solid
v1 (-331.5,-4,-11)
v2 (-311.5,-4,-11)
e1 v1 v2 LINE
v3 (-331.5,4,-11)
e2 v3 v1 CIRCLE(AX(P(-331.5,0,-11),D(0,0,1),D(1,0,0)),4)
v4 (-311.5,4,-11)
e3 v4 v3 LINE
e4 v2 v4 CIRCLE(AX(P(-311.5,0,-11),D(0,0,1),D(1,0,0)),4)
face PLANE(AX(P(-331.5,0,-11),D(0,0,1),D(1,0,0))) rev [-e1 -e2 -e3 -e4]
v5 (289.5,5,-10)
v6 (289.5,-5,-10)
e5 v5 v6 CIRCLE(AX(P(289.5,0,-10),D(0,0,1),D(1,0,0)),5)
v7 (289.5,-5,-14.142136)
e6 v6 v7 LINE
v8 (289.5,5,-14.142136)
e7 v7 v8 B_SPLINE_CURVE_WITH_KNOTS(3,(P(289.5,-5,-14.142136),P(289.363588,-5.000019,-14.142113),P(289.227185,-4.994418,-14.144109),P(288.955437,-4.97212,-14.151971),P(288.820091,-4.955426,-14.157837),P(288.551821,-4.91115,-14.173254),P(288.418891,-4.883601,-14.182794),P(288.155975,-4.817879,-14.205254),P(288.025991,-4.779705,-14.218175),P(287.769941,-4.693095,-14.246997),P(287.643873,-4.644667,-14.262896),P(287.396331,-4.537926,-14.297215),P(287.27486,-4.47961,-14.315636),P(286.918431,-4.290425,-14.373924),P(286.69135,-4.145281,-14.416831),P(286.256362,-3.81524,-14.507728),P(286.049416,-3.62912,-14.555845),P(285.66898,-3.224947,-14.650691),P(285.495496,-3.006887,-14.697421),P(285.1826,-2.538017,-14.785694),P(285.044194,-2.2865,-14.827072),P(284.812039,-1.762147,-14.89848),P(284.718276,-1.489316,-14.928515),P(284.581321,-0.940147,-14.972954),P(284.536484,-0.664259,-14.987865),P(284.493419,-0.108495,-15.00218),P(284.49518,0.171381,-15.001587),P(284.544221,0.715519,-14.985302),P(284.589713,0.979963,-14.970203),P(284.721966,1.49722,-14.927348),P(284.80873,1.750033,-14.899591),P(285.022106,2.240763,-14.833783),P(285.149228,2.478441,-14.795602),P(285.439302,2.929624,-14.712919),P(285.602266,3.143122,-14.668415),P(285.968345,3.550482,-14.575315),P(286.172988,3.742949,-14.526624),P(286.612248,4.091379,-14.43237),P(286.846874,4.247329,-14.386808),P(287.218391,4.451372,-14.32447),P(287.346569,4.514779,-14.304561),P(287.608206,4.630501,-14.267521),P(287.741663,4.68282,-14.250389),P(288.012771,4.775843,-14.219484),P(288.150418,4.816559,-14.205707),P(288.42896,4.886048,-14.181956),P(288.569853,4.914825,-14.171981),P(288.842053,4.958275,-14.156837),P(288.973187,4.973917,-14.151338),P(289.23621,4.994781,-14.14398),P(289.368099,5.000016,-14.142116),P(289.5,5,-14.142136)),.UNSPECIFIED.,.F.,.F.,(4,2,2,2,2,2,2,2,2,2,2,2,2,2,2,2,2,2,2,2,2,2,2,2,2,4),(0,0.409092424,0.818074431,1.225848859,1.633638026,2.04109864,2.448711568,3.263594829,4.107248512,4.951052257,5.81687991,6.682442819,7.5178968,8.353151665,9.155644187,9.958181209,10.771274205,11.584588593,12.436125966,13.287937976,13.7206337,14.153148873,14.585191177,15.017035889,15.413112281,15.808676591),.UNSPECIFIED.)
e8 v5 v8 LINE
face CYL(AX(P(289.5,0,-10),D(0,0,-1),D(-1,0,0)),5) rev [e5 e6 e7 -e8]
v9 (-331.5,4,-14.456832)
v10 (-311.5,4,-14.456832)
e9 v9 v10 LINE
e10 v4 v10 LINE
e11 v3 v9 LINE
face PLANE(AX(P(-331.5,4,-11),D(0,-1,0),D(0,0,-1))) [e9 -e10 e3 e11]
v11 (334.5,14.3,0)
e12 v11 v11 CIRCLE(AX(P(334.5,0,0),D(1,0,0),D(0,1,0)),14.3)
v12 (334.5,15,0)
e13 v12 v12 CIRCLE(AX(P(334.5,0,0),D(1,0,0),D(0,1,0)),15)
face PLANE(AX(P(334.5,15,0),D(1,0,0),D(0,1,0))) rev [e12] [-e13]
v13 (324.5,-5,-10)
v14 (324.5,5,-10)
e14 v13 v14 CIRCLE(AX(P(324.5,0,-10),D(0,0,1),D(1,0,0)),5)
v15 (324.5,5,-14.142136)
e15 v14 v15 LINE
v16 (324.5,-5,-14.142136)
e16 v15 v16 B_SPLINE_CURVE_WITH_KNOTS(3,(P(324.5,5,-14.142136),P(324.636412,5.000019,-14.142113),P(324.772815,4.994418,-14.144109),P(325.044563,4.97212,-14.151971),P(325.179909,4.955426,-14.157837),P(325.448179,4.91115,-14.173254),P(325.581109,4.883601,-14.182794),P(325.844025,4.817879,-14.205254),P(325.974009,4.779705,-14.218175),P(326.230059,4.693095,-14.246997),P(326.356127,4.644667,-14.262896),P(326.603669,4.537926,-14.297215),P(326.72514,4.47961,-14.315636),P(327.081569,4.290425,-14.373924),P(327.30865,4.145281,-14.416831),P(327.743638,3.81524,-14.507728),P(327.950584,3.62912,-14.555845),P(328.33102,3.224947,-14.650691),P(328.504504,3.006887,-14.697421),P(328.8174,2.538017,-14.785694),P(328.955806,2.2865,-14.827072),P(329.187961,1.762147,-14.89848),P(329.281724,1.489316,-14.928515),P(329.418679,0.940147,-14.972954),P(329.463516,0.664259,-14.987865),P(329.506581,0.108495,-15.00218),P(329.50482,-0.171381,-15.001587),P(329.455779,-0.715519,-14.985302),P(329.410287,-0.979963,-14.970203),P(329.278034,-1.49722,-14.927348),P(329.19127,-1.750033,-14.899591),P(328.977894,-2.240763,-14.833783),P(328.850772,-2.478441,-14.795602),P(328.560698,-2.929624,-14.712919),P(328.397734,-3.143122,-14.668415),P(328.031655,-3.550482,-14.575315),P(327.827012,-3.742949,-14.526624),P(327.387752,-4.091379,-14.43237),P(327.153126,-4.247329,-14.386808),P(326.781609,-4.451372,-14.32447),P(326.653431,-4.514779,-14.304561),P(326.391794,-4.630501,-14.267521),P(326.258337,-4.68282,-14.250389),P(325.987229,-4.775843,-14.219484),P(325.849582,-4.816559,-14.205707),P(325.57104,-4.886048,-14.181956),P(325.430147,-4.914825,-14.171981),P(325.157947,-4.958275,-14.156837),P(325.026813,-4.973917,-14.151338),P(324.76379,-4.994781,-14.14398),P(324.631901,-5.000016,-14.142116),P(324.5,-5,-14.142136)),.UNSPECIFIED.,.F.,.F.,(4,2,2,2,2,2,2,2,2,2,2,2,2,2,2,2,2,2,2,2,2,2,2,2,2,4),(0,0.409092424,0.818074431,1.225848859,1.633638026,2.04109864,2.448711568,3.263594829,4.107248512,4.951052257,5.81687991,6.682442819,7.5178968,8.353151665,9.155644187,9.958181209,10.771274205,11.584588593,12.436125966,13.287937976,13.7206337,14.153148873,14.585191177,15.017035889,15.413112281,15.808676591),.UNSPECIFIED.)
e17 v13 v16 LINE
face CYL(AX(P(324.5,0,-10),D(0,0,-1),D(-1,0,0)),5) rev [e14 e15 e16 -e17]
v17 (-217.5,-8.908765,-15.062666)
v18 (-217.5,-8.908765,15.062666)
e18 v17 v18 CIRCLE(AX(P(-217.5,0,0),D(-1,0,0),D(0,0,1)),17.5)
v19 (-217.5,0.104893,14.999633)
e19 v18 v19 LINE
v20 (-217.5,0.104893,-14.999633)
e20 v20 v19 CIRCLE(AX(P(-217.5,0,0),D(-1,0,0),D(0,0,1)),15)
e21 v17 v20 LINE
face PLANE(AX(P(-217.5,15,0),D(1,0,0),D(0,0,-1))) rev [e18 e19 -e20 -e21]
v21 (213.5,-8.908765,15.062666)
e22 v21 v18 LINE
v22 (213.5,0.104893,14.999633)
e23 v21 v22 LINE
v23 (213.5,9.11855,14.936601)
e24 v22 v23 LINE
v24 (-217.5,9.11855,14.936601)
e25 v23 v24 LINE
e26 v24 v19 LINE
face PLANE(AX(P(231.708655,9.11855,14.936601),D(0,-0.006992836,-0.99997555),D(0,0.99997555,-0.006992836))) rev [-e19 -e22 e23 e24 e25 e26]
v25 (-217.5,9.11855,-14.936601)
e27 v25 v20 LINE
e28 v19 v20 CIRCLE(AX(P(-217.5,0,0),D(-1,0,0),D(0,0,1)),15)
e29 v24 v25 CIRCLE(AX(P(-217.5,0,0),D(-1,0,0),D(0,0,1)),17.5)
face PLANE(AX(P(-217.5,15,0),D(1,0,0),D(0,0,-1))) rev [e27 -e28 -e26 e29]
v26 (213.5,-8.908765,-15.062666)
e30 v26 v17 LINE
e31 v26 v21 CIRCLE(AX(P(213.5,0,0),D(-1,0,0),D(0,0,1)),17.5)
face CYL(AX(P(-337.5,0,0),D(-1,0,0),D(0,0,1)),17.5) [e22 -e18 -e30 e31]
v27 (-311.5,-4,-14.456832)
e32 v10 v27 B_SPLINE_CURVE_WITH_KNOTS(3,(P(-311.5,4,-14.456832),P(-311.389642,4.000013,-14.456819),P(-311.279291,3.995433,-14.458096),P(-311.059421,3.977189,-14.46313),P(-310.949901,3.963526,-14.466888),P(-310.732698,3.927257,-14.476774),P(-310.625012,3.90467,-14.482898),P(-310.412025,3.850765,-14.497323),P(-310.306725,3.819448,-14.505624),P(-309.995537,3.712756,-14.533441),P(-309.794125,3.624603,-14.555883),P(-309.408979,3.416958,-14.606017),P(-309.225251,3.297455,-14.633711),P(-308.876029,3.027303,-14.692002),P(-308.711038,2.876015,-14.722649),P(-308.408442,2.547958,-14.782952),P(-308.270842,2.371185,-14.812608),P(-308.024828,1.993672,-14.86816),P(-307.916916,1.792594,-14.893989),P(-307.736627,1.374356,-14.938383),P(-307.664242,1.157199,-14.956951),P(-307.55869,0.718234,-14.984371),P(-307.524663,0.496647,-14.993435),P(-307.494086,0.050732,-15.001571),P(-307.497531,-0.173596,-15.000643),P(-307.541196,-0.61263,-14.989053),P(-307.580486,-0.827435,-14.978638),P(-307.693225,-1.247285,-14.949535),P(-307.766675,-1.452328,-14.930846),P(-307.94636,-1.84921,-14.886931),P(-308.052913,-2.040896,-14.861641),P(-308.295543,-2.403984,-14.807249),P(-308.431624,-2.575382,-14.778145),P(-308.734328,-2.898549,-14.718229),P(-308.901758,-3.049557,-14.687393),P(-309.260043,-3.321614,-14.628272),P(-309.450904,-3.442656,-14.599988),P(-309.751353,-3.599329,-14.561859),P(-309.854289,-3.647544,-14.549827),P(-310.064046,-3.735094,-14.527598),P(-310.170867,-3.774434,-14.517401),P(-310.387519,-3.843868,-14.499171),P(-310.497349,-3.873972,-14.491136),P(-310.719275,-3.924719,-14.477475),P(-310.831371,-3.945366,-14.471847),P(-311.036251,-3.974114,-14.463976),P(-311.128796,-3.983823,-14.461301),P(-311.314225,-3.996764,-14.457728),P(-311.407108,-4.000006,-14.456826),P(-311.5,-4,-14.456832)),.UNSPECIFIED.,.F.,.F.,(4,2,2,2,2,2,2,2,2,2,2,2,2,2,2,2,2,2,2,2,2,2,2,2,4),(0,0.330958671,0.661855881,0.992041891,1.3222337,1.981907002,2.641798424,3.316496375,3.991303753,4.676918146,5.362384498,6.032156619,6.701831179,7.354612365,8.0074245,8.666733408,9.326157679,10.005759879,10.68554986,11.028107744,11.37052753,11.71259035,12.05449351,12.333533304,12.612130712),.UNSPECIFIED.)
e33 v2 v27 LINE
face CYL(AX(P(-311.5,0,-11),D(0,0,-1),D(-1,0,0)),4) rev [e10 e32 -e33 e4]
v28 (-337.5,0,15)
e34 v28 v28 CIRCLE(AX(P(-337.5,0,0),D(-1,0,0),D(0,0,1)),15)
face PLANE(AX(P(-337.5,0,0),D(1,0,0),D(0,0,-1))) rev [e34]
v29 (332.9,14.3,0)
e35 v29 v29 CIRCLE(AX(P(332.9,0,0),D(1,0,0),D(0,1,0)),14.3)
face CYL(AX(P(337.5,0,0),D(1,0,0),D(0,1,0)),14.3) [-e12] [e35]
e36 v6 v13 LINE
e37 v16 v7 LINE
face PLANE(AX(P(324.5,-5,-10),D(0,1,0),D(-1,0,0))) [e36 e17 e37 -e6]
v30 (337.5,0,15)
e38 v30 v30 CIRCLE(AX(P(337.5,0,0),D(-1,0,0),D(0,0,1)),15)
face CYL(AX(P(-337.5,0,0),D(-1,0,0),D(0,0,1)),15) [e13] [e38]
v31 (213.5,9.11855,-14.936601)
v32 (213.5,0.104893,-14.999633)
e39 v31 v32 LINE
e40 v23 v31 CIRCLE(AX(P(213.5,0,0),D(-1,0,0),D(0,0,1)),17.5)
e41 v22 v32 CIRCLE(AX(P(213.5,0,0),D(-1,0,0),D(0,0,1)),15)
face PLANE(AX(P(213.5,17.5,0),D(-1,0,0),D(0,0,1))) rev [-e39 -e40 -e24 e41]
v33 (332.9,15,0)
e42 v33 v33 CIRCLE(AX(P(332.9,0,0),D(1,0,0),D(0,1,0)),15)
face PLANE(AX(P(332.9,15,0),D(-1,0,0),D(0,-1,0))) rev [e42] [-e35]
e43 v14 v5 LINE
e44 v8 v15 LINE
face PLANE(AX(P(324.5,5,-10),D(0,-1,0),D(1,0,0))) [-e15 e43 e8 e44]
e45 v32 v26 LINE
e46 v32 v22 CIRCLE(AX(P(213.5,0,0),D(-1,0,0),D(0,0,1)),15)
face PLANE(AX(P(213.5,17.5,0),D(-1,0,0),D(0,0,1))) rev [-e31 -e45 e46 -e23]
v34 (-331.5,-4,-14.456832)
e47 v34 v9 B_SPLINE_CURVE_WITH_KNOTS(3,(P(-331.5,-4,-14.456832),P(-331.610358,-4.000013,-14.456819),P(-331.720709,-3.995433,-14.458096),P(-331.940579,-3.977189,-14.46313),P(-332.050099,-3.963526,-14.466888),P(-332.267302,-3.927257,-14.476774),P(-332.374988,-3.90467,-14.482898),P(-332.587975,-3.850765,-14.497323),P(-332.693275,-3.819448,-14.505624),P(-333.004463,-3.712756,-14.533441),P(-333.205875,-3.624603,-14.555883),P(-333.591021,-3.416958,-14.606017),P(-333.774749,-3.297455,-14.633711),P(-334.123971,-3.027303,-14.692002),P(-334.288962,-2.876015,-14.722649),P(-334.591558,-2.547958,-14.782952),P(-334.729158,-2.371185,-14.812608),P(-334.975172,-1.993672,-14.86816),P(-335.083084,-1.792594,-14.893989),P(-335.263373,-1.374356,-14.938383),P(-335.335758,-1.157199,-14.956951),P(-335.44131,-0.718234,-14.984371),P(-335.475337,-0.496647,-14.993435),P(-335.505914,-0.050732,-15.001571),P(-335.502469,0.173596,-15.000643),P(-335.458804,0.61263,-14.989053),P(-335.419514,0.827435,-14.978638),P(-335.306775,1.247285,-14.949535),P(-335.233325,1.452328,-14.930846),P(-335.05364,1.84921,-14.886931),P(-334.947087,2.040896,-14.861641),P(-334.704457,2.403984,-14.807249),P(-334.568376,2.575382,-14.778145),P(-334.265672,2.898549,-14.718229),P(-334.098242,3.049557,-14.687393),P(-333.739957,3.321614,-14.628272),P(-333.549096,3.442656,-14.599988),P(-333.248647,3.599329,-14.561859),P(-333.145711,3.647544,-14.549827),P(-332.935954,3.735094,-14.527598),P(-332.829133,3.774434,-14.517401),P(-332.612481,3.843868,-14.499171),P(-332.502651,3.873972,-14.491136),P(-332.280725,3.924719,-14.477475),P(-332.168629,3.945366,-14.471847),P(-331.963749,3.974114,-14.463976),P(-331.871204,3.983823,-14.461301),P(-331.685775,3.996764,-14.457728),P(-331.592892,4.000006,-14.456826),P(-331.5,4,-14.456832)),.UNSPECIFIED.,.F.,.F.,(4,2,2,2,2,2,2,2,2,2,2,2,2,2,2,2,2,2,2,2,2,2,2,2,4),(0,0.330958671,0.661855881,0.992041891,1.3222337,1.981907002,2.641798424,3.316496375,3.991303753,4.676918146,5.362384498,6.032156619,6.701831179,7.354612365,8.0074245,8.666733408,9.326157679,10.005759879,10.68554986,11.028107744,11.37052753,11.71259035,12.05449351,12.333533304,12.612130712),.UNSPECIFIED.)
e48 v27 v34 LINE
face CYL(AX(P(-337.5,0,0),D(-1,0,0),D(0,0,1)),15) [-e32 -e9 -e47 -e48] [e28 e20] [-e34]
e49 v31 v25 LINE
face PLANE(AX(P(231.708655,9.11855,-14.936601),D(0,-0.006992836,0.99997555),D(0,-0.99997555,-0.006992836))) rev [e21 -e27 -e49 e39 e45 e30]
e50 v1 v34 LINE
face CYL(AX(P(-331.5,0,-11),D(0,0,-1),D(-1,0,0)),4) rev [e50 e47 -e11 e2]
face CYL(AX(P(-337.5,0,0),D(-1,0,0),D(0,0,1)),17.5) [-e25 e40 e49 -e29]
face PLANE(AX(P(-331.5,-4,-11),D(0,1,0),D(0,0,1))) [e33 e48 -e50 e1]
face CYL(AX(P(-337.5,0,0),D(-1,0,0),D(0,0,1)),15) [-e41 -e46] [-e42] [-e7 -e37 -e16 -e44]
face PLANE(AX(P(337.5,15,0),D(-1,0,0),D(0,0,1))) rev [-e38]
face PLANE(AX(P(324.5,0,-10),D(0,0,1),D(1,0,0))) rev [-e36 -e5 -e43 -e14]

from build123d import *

# Parameters (mm, degrees)
CUT_EXTRUDE1_DEPTH = 431
CUT_EXTRUDE2_DEPTH = 4
SKETCH4_W          = 1.6
SKETCH4_H          = 0.7
CUT_EXTRUDE3_DEPTH = 5


with BuildPart() as part:
    # Sketch1 → Revolve1 (revolve)
    with BuildSketch(Plane.XY, mode=Mode.PRIVATE) as revolve1_sk:
        Polygon((-337.5, 0), (337.5, 0), (337.5, 15), (213.5, 15), (213.5, 17.5), (-217.5, 17.5), (-217.5, 15), (-337.5, 15), align=None)
    revolve(revolve1_sk.sketch.rotate(Axis((-337.5, 0, 0), (1, 0, 0)), 90), axis=Axis((-337.5, 0, 0), (1, 0, 0)))

    # Sketch2 → Cut-Extrude1 (cut)
    with BuildSketch(Plane.ZY.offset(217.5)):
        with BuildLine():
            Line((-14.936600675, 9.118550338), (-15.062665819, -8.908765258))
            ThreePointArc((-15.062665819, -8.908765258), (-17.499572122, 0.12237463), (-14.936600675, 9.118550338))
        make_face()
        with BuildLine():
            Line((14.936600675, 9.118550338), (15.062665819, -8.908765258))
            ThreePointArc((15.062665819, -8.908765258), (17.499572122, 0.12237463), (14.936600675, 9.118550338))
        make_face()
    extrude(amount=-CUT_EXTRUDE1_DEPTH, mode=Mode.SUBTRACT)

    # Sketch3 → Cut-Extrude2 (cut)
    with BuildSketch(Plane.XY.offset(-15)):
        with BuildLine():
            Line((-331.5, 4), (-311.5, 4))
            ThreePointArc((-311.5, 4), (-307.5, 0), (-311.5, -4))
            Line((-311.5, -4), (-331.5, -4))
            ThreePointArc((-331.5, -4), (-335.5, 0), (-331.5, 4))
        make_face()
    extrude(amount=CUT_EXTRUDE2_DEPTH, mode=Mode.SUBTRACT)

    # Sketch4 → Cut-Revolve1 (revolve, cut)
    with BuildSketch(Plane.XY, mode=Mode.PRIVATE) as cut_revolve1_sk:
        with Locations((333.7, 14.65)):
            Rectangle(SKETCH4_W, SKETCH4_H)
    revolve(cut_revolve1_sk.sketch.rotate(Axis((337.5, 0, 0), (-1, 0, 0)), 270.400663256), axis=Axis((337.5, 0, 0), (-1, 0, 0)), mode=Mode.SUBTRACT)

    # Sketch5 → Cut-Extrude3 (cut)
    with BuildSketch(Plane.XY.offset(-15)):
        with BuildLine():
            Line((324.5, -5), (289.5, -5))
            ThreePointArc((289.5, -5), (284.5, 0), (289.5, 5))
            Line((289.5, 5), (324.5, 5))
            ThreePointArc((324.5, 5), (329.5, 0), (324.5, -5))
        make_face()
    extrude(amount=CUT_EXTRUDE3_DEPTH, mode=Mode.SUBTRACT)


solid = part.part
